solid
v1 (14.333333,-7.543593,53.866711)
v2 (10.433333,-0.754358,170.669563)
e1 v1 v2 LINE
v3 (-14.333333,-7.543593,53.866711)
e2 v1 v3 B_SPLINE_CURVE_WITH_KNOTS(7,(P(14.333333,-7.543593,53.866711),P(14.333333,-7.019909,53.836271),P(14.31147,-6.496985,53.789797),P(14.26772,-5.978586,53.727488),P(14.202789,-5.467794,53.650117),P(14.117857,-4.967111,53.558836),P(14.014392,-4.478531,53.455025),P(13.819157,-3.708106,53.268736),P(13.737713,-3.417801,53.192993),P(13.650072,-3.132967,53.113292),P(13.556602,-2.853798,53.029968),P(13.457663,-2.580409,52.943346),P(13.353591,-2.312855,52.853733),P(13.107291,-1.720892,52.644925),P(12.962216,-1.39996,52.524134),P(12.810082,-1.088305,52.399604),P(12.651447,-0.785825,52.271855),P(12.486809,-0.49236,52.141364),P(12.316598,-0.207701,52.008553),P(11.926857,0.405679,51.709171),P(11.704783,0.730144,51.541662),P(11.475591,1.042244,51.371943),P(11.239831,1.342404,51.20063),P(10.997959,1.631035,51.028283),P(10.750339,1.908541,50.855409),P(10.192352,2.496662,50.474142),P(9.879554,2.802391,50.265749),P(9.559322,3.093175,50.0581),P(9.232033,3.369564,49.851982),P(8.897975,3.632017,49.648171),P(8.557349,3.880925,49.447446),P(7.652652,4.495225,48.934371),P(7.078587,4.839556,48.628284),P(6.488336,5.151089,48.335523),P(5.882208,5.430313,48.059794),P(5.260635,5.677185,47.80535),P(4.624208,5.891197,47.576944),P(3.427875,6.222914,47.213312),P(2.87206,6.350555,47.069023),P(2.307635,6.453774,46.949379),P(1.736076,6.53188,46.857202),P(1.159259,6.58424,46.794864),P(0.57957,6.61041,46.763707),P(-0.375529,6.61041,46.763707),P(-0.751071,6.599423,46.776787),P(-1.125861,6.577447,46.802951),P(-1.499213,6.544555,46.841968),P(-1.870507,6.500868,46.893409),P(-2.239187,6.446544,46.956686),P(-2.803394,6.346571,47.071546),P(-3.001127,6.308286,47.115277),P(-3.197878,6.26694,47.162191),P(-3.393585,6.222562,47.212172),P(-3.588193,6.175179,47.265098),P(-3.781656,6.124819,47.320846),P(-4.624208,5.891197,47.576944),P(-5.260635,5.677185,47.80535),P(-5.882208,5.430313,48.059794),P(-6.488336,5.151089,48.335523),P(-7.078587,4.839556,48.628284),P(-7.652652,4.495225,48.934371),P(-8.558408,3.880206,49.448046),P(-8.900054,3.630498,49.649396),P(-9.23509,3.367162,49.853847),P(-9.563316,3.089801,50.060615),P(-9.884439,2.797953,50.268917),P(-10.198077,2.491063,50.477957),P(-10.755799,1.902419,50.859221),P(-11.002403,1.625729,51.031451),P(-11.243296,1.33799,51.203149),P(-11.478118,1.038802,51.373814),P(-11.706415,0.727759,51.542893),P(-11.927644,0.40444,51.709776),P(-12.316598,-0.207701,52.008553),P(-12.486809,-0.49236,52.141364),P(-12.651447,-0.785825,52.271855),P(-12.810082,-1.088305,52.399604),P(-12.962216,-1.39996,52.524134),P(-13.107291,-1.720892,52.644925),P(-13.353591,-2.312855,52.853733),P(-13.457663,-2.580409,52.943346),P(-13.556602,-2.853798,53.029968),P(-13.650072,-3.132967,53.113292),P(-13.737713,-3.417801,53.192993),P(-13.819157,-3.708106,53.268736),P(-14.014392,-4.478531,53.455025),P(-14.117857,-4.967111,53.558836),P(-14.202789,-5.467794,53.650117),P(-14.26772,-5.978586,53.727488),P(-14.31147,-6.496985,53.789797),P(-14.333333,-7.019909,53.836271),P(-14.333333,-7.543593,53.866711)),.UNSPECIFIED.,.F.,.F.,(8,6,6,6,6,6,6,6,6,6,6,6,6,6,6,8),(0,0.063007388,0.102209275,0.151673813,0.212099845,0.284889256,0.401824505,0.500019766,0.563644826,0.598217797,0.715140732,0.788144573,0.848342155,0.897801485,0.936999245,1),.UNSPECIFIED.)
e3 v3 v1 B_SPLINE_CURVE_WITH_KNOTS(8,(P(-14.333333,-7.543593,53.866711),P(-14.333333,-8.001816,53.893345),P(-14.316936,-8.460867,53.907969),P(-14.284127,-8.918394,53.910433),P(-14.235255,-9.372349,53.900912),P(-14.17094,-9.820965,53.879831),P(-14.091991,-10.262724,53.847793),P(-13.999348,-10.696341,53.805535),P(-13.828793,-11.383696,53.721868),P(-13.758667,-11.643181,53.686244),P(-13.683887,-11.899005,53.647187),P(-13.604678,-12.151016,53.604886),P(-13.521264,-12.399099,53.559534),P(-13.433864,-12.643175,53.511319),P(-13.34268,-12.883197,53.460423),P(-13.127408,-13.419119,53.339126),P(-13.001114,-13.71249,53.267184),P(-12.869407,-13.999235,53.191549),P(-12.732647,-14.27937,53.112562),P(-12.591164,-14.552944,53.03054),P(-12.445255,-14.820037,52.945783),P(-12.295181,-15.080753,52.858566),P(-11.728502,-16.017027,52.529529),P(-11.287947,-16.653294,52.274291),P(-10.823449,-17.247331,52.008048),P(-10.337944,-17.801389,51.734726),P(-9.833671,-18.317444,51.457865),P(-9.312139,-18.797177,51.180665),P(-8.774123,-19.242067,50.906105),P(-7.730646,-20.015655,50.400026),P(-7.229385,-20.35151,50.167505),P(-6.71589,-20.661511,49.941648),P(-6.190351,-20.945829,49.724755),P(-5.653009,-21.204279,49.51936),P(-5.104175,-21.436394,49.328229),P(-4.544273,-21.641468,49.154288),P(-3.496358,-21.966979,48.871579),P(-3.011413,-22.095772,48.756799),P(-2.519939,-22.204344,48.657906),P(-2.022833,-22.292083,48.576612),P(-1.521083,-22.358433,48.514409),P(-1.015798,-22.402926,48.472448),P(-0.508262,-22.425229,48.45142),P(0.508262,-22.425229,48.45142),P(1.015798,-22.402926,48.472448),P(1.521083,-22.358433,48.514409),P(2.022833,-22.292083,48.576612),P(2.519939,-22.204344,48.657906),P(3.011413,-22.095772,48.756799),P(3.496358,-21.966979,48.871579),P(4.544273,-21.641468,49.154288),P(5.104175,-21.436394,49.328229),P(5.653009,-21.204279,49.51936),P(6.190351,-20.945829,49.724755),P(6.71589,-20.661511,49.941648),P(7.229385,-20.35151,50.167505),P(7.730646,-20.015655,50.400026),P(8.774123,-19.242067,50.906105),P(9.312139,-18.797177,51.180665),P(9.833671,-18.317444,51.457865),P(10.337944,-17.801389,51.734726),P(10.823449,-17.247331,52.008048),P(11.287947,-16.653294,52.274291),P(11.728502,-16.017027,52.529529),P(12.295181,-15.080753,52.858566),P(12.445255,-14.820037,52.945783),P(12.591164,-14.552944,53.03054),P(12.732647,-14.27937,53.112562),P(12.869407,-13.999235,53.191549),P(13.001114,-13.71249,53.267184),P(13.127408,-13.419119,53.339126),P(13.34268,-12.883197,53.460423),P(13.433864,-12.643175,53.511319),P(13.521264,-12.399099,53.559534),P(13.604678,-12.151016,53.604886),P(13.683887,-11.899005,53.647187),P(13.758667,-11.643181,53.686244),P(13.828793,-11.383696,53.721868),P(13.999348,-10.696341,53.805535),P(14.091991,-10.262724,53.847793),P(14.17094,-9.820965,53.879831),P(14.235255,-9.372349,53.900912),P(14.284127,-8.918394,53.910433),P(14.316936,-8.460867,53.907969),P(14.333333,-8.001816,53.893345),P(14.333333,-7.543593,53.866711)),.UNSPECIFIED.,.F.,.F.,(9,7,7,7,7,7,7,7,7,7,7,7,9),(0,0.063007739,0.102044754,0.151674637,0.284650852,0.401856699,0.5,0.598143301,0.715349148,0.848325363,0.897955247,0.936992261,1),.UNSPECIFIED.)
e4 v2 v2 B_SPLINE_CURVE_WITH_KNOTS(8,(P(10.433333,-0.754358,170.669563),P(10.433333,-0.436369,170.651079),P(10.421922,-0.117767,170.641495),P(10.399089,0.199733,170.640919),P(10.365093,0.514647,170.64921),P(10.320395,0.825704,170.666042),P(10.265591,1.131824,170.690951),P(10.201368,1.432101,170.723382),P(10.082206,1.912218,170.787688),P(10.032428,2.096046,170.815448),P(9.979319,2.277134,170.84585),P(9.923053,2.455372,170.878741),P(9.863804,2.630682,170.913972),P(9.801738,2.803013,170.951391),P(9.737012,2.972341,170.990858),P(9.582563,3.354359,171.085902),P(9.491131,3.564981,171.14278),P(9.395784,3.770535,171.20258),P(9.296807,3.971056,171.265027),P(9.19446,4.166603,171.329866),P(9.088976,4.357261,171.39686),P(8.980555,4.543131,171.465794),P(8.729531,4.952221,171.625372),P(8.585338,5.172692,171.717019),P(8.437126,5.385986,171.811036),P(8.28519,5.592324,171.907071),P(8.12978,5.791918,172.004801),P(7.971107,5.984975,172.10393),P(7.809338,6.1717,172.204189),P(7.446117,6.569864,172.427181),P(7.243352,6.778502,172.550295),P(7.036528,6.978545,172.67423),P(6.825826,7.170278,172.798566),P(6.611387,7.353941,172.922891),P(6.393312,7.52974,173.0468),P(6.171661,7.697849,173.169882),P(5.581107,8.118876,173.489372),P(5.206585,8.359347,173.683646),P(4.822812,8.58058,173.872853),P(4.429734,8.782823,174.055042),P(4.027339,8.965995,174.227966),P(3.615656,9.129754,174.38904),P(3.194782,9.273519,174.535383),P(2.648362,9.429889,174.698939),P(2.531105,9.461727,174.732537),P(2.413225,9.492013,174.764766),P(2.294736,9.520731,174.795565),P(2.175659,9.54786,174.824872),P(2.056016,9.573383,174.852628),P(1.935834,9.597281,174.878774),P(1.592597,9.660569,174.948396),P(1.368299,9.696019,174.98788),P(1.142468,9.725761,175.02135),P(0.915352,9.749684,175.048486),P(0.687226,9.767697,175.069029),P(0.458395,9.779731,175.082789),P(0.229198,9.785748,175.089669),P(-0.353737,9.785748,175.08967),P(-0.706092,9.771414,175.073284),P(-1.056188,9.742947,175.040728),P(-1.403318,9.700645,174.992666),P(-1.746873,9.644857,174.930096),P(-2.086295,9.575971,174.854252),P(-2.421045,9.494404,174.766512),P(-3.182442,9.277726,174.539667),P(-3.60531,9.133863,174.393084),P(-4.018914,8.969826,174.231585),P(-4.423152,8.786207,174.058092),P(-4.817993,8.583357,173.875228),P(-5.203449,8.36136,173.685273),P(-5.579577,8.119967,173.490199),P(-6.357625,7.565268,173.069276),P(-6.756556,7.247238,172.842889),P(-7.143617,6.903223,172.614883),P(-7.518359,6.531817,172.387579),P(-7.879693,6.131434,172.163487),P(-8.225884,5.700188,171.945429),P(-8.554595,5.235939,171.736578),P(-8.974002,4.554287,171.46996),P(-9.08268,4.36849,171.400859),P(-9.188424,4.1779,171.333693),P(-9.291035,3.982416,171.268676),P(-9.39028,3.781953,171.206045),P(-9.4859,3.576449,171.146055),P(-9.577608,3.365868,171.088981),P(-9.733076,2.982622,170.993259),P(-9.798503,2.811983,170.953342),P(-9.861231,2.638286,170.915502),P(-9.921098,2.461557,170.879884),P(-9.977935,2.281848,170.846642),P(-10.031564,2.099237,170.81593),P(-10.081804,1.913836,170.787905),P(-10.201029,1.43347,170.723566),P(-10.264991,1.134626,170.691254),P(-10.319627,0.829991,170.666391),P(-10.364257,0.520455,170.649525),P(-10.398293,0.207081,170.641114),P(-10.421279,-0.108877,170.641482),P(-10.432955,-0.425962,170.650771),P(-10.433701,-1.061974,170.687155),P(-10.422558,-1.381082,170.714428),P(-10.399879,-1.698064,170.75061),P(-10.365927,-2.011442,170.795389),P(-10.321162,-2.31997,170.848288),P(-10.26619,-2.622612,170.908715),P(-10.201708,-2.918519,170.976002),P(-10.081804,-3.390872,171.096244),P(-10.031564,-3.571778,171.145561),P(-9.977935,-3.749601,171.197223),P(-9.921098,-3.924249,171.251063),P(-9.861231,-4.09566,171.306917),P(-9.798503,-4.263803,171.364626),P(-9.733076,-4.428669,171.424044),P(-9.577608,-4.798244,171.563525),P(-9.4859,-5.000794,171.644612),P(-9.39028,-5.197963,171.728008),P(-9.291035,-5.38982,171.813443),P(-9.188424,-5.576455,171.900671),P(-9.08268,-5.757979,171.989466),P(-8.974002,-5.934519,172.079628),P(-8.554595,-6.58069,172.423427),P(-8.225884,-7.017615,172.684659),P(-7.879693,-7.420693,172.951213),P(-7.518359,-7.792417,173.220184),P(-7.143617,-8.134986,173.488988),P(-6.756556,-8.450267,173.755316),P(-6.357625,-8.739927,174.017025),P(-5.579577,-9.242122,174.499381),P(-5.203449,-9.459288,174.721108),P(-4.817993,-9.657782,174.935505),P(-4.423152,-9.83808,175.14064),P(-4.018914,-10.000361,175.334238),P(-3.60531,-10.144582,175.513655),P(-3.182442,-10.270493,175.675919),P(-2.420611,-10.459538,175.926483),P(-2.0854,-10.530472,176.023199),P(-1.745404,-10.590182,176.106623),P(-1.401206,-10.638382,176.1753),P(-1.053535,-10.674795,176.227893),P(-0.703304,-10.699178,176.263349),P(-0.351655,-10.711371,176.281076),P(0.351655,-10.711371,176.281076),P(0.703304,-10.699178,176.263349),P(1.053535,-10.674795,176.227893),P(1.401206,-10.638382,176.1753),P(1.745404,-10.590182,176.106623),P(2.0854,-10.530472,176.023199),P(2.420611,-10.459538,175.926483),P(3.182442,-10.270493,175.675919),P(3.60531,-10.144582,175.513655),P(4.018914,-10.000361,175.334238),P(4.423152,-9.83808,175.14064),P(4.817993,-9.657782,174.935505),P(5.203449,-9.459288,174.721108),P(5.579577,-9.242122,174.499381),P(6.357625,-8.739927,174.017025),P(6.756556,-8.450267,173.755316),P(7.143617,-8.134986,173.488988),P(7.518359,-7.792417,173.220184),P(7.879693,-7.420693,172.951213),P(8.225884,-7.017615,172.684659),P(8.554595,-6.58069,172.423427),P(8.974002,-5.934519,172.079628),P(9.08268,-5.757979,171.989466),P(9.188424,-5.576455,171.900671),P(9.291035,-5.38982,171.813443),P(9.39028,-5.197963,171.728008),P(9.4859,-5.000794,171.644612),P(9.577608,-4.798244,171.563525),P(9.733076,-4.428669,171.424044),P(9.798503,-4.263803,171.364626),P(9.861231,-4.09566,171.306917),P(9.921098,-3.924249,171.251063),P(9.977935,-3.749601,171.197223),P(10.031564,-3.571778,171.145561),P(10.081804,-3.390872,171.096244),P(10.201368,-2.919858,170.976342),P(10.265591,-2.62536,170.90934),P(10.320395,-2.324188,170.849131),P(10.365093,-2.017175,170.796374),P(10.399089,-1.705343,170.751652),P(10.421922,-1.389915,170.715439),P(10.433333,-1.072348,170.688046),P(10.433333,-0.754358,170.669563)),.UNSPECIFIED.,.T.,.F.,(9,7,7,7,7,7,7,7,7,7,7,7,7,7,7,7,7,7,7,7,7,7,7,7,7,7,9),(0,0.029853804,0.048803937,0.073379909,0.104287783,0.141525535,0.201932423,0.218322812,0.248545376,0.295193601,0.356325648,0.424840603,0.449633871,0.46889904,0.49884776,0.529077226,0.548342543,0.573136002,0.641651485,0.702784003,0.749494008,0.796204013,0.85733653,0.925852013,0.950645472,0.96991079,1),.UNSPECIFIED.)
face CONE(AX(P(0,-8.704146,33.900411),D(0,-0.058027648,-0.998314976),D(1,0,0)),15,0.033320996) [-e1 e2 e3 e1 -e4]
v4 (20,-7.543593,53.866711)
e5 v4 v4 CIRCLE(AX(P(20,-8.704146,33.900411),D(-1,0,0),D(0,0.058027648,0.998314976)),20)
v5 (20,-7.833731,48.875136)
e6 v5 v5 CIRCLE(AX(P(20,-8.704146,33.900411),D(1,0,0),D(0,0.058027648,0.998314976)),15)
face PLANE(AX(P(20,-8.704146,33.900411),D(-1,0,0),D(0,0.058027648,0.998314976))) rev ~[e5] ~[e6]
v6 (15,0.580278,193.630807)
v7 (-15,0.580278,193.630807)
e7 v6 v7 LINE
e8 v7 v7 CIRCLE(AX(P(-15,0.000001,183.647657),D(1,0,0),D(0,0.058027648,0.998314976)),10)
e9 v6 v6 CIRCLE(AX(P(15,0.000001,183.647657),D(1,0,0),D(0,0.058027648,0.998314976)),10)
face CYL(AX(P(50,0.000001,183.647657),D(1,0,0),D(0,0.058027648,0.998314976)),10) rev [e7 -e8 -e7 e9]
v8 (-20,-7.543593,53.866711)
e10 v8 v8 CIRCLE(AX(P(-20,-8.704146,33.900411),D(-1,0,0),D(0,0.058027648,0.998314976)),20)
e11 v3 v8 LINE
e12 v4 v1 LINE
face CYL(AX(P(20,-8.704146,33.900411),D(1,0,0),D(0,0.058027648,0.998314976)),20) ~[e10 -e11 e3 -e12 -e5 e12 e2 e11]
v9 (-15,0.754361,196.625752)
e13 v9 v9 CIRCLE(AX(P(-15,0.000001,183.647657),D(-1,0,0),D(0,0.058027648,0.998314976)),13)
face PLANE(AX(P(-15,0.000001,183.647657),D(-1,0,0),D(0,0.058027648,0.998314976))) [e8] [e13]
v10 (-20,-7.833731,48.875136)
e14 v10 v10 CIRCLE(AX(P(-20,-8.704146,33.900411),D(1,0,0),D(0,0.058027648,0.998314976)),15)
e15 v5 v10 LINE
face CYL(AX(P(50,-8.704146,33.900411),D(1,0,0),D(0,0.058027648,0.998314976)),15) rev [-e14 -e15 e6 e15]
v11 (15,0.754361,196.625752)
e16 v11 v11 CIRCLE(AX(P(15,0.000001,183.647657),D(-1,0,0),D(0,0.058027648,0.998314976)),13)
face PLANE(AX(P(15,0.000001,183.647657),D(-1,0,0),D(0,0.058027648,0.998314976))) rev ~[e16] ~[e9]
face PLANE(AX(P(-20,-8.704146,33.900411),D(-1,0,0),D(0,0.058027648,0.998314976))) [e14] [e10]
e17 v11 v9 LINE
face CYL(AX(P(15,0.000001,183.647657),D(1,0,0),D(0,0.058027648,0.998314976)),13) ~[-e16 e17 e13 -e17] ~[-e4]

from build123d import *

# Parameters (mm, degrees)
CYLINDER006_R          = 10
CYLINDER006_DEPTH      = 100
CYLINDER007_R          = 15
CYLINDER007_DEPTH      = 100
CYLINDER004_R          = 13
CYLINDER004_DEPTH      = 30
CYLINDER005_R          = 20
CYLINDER005_DEPTH      = 40
CUT004_PLACEMENT_ANGLE = 356.673392


with BuildPart() as cylinder006:
    # Cylinder006 → Cylinder006 (new body)
    with BuildSketch(Plane(origin=(50, 0, 150), x_dir=(0, 0, 1), z_dir=(-1, 0, 0))):
        Circle(CYLINDER006_R)
    extrude(amount=CYLINDER006_DEPTH)


with BuildPart() as compound002:
    # Cylinder007 → Cylinder007 (new body)
    with BuildSketch(Plane.ZY.offset(-50)):
        Circle(CYLINDER007_R)
    extrude(amount=CYLINDER007_DEPTH)

    # Compound002: union Cylinder006
    add(cylinder006.part)


with BuildPart() as cone003:
    # Cone001002 → Cone001002 (revolve)
    with BuildSketch(Plane.XZ):
        Polygon((0, 0), (15, 0), (10, 150), (0, 150), align=None)
    revolve(axis=Axis((0, 0, 0), (0, 0, 1)))


with BuildPart() as cylinder004:
    # Cylinder004 → Cylinder004 (new body)
    with BuildSketch(Plane(origin=(15, 0, 150), x_dir=(0, 0, 1), z_dir=(-1, 0, 0))):
        Circle(CYLINDER004_R)
    extrude(amount=CYLINDER004_DEPTH)


with BuildPart() as crank:
    # Cylinder005 → Cylinder005 (new body)
    with BuildSketch(Plane.ZY.offset(-20)):
        Circle(CYLINDER005_R)
    extrude(amount=CYLINDER005_DEPTH)

    # Fusion002: union Cone003, Cylinder004
    add(cone003.part)
    add(cylinder004.part)

    # Cut004: cut Compound002
    add(compound002.part, mode=Mode.SUBTRACT)


with BuildPart() as crank_1:
    # Cut004 placement: moved
    add(crank.part.moved(Location((0, -8.704146, 33.900411))).rotate(Axis((0, -8.704146, 33.900411), (1, 0, 0)), CUT004_PLACEMENT_ANGLE))


solid = crank_1.part
